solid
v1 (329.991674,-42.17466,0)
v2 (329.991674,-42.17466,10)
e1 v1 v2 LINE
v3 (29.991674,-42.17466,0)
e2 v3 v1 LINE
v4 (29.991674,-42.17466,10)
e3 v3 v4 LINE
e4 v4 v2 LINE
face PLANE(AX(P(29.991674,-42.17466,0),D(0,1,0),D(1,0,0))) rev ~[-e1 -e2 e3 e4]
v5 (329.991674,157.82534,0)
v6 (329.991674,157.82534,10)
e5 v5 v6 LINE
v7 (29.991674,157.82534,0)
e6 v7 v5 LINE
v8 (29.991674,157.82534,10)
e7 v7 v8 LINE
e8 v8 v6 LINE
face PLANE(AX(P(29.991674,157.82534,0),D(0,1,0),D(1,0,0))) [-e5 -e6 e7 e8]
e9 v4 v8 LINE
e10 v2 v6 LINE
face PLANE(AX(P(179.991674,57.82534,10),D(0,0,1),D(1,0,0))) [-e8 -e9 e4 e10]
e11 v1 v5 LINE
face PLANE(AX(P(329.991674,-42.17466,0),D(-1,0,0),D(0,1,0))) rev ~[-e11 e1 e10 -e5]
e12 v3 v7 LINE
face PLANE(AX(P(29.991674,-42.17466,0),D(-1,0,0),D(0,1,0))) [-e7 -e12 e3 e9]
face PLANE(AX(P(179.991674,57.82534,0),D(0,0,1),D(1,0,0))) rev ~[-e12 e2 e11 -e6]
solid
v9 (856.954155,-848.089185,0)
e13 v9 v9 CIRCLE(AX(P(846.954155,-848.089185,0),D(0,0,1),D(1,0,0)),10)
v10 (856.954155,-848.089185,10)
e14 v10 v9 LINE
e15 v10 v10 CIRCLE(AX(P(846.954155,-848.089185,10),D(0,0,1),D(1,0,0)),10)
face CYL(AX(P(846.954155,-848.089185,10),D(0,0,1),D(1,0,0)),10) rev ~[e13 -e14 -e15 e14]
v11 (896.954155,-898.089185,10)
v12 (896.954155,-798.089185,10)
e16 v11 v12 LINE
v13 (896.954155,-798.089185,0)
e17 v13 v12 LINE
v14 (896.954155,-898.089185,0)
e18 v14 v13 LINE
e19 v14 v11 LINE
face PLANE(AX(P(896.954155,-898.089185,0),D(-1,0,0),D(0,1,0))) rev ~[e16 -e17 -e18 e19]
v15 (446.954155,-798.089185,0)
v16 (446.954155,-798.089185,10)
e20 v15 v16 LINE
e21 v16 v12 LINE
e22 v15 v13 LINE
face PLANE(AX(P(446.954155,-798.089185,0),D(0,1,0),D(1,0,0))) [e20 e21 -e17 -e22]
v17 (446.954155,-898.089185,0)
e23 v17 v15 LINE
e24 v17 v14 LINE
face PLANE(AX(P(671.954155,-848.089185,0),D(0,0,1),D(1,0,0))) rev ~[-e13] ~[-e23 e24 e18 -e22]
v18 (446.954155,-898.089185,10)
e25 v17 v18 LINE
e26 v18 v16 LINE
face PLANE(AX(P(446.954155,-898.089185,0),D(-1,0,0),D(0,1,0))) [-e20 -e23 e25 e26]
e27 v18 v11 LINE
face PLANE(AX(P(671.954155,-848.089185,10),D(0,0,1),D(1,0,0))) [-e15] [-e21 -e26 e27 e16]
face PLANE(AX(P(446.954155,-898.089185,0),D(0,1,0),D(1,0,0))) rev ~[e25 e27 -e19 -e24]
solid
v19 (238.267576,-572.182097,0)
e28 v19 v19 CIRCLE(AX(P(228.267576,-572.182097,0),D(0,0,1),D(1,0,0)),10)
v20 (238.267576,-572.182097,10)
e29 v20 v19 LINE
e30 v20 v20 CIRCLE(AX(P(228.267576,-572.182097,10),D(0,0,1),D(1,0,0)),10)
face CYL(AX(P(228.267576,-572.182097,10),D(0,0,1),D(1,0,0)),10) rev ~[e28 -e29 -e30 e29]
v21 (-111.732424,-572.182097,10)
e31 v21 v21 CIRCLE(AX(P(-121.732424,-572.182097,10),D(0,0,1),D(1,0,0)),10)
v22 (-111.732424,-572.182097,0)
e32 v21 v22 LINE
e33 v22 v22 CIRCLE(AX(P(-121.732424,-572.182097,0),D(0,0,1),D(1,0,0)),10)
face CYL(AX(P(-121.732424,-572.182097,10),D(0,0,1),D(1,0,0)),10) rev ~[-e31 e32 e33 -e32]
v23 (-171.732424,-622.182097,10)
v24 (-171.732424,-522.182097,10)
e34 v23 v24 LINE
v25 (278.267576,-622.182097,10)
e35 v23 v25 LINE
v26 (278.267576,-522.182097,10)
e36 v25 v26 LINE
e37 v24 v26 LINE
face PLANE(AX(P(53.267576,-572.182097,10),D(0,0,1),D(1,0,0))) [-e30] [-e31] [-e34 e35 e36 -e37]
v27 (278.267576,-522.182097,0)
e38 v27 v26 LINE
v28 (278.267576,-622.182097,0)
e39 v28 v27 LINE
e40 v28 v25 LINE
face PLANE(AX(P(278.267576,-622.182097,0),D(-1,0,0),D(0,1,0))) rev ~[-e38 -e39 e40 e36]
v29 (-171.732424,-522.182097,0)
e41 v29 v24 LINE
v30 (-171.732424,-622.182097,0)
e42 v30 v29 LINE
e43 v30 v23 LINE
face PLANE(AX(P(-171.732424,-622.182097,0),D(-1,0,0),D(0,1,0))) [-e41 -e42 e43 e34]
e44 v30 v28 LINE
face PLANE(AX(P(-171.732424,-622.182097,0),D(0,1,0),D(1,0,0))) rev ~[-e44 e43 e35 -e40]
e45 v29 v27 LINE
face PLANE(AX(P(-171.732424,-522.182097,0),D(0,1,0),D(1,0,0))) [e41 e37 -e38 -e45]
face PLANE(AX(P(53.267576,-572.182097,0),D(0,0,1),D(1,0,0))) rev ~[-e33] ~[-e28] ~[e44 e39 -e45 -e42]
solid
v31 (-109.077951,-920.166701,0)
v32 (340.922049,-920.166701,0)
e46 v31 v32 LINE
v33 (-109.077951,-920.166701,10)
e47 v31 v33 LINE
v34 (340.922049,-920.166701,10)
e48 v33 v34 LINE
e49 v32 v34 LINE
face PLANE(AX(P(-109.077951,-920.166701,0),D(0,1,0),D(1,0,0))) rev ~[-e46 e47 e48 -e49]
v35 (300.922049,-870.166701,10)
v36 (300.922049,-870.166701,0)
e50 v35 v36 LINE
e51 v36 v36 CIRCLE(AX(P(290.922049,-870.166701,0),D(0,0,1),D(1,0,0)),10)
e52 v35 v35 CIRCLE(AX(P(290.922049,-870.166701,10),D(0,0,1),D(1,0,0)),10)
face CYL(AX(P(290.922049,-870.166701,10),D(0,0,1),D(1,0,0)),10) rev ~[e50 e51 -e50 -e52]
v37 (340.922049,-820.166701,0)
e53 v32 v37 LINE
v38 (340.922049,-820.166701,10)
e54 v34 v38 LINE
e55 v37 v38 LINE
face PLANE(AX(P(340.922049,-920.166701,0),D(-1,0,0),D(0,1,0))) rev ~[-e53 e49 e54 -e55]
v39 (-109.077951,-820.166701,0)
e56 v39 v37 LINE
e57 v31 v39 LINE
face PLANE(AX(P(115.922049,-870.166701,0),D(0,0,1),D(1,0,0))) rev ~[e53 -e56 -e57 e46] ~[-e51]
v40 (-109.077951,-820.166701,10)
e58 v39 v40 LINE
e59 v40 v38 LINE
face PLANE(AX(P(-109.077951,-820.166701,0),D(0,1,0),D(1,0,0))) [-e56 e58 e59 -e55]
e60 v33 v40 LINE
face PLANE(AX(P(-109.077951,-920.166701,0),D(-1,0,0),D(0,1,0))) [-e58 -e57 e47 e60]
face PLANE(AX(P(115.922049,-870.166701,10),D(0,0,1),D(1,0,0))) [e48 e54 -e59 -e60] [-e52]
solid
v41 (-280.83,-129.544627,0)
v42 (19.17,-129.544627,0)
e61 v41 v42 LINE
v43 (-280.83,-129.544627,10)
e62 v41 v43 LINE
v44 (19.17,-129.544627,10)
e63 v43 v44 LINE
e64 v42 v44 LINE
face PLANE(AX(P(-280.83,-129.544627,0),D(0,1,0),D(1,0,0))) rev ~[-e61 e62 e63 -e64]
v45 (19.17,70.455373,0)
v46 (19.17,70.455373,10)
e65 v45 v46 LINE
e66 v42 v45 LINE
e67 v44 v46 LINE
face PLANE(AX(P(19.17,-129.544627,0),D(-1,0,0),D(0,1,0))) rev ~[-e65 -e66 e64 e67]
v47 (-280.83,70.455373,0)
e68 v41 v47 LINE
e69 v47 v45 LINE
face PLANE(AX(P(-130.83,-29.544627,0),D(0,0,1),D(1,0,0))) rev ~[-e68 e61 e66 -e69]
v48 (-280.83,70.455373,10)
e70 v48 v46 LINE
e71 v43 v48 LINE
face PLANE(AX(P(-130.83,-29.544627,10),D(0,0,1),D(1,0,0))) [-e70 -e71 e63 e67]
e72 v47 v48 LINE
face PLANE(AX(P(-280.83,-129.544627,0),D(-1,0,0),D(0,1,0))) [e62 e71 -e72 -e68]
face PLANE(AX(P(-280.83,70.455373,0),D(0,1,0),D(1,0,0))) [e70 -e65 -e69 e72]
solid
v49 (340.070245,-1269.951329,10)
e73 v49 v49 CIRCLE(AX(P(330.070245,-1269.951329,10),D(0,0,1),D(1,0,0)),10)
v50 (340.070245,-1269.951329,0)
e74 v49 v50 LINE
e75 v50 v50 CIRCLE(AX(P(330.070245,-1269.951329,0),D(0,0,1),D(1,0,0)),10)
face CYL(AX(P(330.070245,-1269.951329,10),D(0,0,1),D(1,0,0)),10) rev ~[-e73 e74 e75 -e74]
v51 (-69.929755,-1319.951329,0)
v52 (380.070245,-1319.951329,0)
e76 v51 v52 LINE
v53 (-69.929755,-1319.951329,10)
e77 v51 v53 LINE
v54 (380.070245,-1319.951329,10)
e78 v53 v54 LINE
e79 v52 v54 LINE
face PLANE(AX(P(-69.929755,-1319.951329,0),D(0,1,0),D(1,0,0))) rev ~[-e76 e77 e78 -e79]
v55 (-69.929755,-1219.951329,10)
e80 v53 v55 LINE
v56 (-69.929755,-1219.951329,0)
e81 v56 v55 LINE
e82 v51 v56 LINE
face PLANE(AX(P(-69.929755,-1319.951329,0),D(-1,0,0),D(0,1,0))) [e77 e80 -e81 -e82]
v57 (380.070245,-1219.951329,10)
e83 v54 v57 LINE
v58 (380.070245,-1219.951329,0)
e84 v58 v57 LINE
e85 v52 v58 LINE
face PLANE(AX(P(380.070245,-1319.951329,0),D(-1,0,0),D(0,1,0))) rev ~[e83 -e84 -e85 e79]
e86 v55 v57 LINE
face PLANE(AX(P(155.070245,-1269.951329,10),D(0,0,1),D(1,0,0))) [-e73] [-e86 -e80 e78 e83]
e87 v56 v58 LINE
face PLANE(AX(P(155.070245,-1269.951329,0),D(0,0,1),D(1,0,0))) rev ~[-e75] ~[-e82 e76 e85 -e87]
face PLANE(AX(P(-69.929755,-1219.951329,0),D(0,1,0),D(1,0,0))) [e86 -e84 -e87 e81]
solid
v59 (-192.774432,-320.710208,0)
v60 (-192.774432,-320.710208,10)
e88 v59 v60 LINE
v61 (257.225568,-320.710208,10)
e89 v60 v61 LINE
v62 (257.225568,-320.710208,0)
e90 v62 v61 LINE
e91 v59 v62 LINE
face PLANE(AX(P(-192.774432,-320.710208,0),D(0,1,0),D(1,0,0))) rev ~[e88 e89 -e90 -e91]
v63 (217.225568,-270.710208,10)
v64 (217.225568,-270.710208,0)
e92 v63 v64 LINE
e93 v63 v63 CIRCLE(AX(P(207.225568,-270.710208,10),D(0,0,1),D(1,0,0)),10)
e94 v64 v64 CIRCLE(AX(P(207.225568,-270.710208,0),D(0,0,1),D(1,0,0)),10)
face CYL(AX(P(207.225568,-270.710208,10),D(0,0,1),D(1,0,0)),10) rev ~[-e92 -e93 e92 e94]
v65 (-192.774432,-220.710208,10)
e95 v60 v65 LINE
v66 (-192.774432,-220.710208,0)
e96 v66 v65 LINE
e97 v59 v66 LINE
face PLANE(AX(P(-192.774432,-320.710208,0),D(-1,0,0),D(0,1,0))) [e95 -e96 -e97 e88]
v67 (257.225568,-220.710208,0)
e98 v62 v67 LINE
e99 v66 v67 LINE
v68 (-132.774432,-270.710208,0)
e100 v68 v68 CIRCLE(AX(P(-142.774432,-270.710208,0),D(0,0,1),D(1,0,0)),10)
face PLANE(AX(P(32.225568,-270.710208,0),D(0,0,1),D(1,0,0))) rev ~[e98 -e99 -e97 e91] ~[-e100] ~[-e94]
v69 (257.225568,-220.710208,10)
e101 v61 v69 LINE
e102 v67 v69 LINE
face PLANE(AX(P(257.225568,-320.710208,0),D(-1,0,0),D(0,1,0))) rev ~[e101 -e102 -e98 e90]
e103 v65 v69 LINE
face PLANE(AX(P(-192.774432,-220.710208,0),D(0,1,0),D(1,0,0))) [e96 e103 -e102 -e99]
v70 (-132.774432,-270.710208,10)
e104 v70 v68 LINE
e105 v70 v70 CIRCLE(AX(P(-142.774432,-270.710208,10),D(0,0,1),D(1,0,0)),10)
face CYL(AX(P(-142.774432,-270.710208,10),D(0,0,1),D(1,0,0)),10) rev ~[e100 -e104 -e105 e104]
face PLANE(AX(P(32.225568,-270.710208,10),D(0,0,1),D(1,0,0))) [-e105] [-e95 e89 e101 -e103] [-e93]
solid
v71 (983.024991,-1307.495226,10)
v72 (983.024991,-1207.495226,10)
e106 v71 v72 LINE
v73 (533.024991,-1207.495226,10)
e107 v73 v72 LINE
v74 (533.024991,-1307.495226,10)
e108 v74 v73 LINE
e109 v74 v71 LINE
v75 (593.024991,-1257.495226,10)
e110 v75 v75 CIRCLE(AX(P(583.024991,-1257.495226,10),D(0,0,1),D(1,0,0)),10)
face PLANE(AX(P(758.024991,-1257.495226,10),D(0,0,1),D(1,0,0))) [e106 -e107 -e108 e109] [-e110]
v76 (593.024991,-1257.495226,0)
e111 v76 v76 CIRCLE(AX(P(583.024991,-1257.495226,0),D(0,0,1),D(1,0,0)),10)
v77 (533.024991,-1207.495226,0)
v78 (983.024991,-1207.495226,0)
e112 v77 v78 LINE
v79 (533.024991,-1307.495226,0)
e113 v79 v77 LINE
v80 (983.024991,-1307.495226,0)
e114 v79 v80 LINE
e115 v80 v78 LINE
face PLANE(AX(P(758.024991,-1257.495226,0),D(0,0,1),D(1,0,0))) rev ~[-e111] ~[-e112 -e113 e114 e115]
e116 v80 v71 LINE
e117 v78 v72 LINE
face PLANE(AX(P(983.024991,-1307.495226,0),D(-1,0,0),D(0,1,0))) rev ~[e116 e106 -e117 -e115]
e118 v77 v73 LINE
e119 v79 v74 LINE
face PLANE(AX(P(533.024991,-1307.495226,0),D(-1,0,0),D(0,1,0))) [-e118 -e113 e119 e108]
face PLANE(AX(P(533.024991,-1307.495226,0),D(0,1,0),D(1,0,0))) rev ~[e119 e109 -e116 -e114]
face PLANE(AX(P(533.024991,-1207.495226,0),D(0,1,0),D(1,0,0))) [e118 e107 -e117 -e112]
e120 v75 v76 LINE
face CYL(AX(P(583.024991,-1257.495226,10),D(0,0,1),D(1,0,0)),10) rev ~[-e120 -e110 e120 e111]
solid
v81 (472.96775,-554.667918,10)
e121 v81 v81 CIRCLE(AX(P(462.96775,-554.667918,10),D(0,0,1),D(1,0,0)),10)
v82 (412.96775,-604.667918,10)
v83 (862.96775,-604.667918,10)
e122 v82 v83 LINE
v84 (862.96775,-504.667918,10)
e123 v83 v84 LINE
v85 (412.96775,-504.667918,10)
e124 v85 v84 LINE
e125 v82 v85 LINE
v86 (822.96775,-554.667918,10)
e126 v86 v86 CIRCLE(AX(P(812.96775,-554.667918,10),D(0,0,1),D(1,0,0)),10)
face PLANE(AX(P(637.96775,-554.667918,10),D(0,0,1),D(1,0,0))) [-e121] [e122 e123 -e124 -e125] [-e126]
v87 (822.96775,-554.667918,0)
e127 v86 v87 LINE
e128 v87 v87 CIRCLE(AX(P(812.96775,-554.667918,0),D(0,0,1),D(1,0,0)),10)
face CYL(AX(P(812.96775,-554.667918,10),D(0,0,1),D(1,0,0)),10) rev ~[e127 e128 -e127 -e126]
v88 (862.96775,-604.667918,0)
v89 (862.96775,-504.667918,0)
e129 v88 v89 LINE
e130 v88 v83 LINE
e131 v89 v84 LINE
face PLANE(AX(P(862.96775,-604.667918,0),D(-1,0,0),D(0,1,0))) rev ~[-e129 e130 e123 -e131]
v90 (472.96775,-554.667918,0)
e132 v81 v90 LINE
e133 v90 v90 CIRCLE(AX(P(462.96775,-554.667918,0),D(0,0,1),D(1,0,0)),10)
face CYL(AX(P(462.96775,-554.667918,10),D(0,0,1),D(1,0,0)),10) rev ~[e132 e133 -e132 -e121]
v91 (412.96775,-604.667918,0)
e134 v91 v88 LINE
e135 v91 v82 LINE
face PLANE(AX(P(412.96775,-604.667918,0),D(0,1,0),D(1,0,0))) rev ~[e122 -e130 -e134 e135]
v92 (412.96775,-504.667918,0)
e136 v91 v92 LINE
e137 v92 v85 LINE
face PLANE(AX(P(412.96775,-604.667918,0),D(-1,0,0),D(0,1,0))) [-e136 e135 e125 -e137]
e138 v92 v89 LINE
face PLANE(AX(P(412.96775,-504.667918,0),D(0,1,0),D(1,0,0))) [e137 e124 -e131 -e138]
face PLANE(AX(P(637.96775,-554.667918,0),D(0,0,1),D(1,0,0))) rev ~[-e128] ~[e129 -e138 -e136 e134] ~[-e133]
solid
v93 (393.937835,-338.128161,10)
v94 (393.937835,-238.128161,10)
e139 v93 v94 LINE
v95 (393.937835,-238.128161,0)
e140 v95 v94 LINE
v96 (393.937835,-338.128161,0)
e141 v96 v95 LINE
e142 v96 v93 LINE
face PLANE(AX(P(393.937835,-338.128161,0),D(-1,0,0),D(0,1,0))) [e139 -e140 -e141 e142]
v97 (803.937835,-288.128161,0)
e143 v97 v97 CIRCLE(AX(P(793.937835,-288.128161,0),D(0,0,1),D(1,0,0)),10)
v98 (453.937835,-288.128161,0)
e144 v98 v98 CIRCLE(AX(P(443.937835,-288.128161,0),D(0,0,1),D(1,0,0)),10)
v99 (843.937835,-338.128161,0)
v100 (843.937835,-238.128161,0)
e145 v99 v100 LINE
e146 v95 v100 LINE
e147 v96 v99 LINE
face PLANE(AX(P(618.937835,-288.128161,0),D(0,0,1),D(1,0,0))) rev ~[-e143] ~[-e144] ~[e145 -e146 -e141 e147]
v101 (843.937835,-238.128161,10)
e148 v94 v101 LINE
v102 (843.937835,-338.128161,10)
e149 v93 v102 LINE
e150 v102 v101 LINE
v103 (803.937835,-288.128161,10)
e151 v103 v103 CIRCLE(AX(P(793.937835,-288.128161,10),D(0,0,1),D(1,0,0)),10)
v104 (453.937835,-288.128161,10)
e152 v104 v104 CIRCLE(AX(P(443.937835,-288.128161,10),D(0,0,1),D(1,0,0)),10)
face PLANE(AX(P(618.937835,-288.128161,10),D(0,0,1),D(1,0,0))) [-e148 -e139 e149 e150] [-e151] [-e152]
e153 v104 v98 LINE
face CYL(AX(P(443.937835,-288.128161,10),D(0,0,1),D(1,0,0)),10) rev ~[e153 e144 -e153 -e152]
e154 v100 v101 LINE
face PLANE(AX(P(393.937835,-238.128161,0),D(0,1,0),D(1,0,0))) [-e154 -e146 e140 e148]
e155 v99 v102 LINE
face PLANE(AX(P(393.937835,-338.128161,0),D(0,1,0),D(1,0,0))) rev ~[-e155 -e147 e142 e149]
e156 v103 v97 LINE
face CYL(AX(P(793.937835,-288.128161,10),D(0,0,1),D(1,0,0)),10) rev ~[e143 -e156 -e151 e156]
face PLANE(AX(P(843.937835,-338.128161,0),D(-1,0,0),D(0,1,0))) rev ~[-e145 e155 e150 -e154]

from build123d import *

# Parameters (mm, degrees)
F0_W      = 300
F0_H      = 200
F1_DEPTH  = 10
F2_W      = 300
F2_H      = 200
F3_DEPTH  = 10
F4_W      = 450
F4_H      = 100
F5_DEPTH  = 10
F6_W      = 450
F6_H      = 100
F7_DEPTH  = 10
F8_W      = 450
F8_H      = 100
F9_DEPTH  = 10
F10_W     = 450
F10_H     = 100
F11_DEPTH = 10
F12_W     = 450
F12_H     = 100
F13_DEPTH = 10
F14_W     = 450
F14_H     = 100
F15_DEPTH = 10
F16_W     = 450
F16_H     = 100
F17_DEPTH = 10
F18_W     = 450
F18_H     = 100
F19_DEPTH = 10
F20_R     = 10
F21_DEPTH = 25
F22_R     = 10
F23_DEPTH = 25
F24_R     = 10
F25_DEPTH = 25
F26_R     = 10
F27_DEPTH = 25
F28_R     = 10
F29_DEPTH = 25
F30_R     = 10
F31_DEPTH = 25
F32_R     = 10
F33_DEPTH = 25
F34_R     = 10
F35_DEPTH = 25
F36_R     = 10
F37_DEPTH = 25
F38_R     = 10
F39_DEPTH = 25
F40_R     = 10
F41_DEPTH = 25
F42_DEPTH = 25
F43_R     = 10
F44_DEPTH = 25


with BuildPart() as f1:
    # F0 (on Top) → F1 (new body)
    with BuildSketch(Plane.XY):
        with Locations((-130.829999893, -29.5446265955)):
            Rectangle(F0_W, F0_H)
    extrude(amount=F1_DEPTH)

    # F40 (on face) → F42 (cut)
    with BuildSketch(Plane.XY.offset(10)):
        with Locations((290.9220486879, -870.1667009159)):
            Circle(F40_R)
    extrude(amount=-F42_DEPTH, mode=Mode.SUBTRACT)


with BuildPart() as f3:
    # F2 (on Top) → F3 (new body)
    with BuildSketch(Plane.XY):
        with Locations((179.9916743715, 57.8253399581)):
            Rectangle(F2_W, F2_H)
    extrude(amount=F3_DEPTH)


with BuildPart() as f5:
    # F4 (on Top) → F5 (new body)
    with BuildSketch(Plane.XY):
        with Locations((32.2255682353, -270.7102075219)):
            Rectangle(F4_W, F4_H)
    extrude(amount=F5_DEPTH)

    # F20 (on face) → F21 (cut)
    with BuildSketch(Plane.XY.offset(10)):
        with Locations((-142.7744317647, -270.7102075219)):
            Circle(F20_R)
    extrude(amount=-F21_DEPTH, mode=Mode.SUBTRACT)

    # F28 (on face) → F29 (cut)
    with BuildSketch(Plane.XY.offset(10)):
        with Locations((207.2255682353, -270.7102075219)):
            Circle(F28_R)
    extrude(amount=-F29_DEPTH, mode=Mode.SUBTRACT)


with BuildPart() as f7:
    # F6 (on Top) → F7 (new body)
    with BuildSketch(Plane.XY):
        with Locations((53.2675758004, -572.1820970584)):
            Rectangle(F6_W, F6_H)
    extrude(amount=F7_DEPTH)

    # F22 (on face) → F23 (cut)
    with BuildSketch(Plane.XY.offset(10)):
        with Locations((-121.7324241996, -572.1820970584)):
            Circle(F22_R)
    extrude(amount=-F23_DEPTH, mode=Mode.SUBTRACT)

    # F34 (on face) → F35 (cut)
    with BuildSketch(Plane.XY.offset(10)):
        with Locations((228.2675758004, -572.1820970584)):
            Circle(F34_R)
    extrude(amount=-F35_DEPTH, mode=Mode.SUBTRACT)


with BuildPart() as f9:
    # F8 (on Top) → F9 (new body)
    with BuildSketch(Plane.XY):
        with Locations((618.9378350973, -288.1281608172)):
            Rectangle(F8_W, F8_H)
    extrude(amount=F9_DEPTH)

    # F30 (on face) → F31 (cut)
    with BuildSketch(Plane.XY.offset(10)):
        with Locations((443.9378350973, -288.1281608172)):
            Circle(F30_R)
    extrude(amount=-F31_DEPTH, mode=Mode.SUBTRACT)

    # F32 (on face) → F33 (cut)
    with BuildSketch(Plane.XY.offset(10)):
        with Locations((793.9378350973, -288.1281608172)):
            Circle(F32_R)
    extrude(amount=-F33_DEPTH, mode=Mode.SUBTRACT)


with BuildPart() as f11:
    # F10 (on Top) → F11 (new body)
    with BuildSketch(Plane.XY):
        with Locations((637.9677504301, -554.6679184214)):
            Rectangle(F10_W, F10_H)
    extrude(amount=F11_DEPTH)

    # F36 (on face) → F37 (cut)
    with BuildSketch(Plane.XY.offset(10)):
        with Locations((462.9677504301, -554.6679184214)):
            Circle(F36_R)
    extrude(amount=-F37_DEPTH, mode=Mode.SUBTRACT)

    # F38 (on face) → F39 (cut)
    with BuildSketch(Plane.XY.offset(10)):
        with Locations((812.9677504301, -554.6679184214)):
            Circle(F38_R)
    extrude(amount=-F39_DEPTH, mode=Mode.SUBTRACT)


with BuildPart() as f13:
    # F12 (on Top) → F13 (new body)
    with BuildSketch(Plane.XY):
        with Locations((115.9220486879, -870.1667009159)):
            Rectangle(F12_W, F12_H)
    extrude(amount=F13_DEPTH)

    # F40 (on face) → F41 (cut)
    with BuildSketch(Plane.XY.offset(10)):
        with Locations((290.9220486879, -870.1667009159)):
            Circle(F40_R)
    extrude(amount=-F41_DEPTH, mode=Mode.SUBTRACT)


with BuildPart() as f15:
    # F14 (on Top) → F15 (new body)
    with BuildSketch(Plane.XY):
        with Locations((671.9541549683, -848.0891854066)):
            Rectangle(F14_W, F14_H)
    extrude(amount=F15_DEPTH)

    # F26 (on face) → F27 (cut)
    with BuildSketch(Plane.XY.offset(10)):
        with Locations((846.9541549683, -848.0891854066)):
            Circle(F26_R)
    extrude(amount=-F27_DEPTH, mode=Mode.SUBTRACT)


with BuildPart() as f17:
    # F16 (on Top) → F17 (new body)
    with BuildSketch(Plane.XY):
        with Locations((155.070245266, -1269.9513289308)):
            Rectangle(F16_W, F16_H)
    extrude(amount=F17_DEPTH)

    # F24 (on face) → F25 (cut)
    with BuildSketch(Plane.XY.offset(10)):
        with Locations((330.070245266, -1269.9513289308)):
            Circle(F24_R)
    extrude(amount=-F25_DEPTH, mode=Mode.SUBTRACT)


with BuildPart() as f19:
    # F18 (on Top) → F19 (new body)
    with BuildSketch(Plane.XY):
        with Locations((758.0249905586, -1257.4952262085)):
            Rectangle(F18_W, F18_H)
    extrude(amount=F19_DEPTH)

    # F43 (on face) → F44 (cut)
    with BuildSketch(Plane.XY.offset(10)):
        with Locations((583.0249905586, -1257.4952262085)):
            Circle(F43_R)
    extrude(amount=-F44_DEPTH, mode=Mode.SUBTRACT)


solid = Compound([f1.part, f3.part, f5.part, f7.part, f9.part, f11.part, f13.part, f15.part, f17.part, f19.part])
